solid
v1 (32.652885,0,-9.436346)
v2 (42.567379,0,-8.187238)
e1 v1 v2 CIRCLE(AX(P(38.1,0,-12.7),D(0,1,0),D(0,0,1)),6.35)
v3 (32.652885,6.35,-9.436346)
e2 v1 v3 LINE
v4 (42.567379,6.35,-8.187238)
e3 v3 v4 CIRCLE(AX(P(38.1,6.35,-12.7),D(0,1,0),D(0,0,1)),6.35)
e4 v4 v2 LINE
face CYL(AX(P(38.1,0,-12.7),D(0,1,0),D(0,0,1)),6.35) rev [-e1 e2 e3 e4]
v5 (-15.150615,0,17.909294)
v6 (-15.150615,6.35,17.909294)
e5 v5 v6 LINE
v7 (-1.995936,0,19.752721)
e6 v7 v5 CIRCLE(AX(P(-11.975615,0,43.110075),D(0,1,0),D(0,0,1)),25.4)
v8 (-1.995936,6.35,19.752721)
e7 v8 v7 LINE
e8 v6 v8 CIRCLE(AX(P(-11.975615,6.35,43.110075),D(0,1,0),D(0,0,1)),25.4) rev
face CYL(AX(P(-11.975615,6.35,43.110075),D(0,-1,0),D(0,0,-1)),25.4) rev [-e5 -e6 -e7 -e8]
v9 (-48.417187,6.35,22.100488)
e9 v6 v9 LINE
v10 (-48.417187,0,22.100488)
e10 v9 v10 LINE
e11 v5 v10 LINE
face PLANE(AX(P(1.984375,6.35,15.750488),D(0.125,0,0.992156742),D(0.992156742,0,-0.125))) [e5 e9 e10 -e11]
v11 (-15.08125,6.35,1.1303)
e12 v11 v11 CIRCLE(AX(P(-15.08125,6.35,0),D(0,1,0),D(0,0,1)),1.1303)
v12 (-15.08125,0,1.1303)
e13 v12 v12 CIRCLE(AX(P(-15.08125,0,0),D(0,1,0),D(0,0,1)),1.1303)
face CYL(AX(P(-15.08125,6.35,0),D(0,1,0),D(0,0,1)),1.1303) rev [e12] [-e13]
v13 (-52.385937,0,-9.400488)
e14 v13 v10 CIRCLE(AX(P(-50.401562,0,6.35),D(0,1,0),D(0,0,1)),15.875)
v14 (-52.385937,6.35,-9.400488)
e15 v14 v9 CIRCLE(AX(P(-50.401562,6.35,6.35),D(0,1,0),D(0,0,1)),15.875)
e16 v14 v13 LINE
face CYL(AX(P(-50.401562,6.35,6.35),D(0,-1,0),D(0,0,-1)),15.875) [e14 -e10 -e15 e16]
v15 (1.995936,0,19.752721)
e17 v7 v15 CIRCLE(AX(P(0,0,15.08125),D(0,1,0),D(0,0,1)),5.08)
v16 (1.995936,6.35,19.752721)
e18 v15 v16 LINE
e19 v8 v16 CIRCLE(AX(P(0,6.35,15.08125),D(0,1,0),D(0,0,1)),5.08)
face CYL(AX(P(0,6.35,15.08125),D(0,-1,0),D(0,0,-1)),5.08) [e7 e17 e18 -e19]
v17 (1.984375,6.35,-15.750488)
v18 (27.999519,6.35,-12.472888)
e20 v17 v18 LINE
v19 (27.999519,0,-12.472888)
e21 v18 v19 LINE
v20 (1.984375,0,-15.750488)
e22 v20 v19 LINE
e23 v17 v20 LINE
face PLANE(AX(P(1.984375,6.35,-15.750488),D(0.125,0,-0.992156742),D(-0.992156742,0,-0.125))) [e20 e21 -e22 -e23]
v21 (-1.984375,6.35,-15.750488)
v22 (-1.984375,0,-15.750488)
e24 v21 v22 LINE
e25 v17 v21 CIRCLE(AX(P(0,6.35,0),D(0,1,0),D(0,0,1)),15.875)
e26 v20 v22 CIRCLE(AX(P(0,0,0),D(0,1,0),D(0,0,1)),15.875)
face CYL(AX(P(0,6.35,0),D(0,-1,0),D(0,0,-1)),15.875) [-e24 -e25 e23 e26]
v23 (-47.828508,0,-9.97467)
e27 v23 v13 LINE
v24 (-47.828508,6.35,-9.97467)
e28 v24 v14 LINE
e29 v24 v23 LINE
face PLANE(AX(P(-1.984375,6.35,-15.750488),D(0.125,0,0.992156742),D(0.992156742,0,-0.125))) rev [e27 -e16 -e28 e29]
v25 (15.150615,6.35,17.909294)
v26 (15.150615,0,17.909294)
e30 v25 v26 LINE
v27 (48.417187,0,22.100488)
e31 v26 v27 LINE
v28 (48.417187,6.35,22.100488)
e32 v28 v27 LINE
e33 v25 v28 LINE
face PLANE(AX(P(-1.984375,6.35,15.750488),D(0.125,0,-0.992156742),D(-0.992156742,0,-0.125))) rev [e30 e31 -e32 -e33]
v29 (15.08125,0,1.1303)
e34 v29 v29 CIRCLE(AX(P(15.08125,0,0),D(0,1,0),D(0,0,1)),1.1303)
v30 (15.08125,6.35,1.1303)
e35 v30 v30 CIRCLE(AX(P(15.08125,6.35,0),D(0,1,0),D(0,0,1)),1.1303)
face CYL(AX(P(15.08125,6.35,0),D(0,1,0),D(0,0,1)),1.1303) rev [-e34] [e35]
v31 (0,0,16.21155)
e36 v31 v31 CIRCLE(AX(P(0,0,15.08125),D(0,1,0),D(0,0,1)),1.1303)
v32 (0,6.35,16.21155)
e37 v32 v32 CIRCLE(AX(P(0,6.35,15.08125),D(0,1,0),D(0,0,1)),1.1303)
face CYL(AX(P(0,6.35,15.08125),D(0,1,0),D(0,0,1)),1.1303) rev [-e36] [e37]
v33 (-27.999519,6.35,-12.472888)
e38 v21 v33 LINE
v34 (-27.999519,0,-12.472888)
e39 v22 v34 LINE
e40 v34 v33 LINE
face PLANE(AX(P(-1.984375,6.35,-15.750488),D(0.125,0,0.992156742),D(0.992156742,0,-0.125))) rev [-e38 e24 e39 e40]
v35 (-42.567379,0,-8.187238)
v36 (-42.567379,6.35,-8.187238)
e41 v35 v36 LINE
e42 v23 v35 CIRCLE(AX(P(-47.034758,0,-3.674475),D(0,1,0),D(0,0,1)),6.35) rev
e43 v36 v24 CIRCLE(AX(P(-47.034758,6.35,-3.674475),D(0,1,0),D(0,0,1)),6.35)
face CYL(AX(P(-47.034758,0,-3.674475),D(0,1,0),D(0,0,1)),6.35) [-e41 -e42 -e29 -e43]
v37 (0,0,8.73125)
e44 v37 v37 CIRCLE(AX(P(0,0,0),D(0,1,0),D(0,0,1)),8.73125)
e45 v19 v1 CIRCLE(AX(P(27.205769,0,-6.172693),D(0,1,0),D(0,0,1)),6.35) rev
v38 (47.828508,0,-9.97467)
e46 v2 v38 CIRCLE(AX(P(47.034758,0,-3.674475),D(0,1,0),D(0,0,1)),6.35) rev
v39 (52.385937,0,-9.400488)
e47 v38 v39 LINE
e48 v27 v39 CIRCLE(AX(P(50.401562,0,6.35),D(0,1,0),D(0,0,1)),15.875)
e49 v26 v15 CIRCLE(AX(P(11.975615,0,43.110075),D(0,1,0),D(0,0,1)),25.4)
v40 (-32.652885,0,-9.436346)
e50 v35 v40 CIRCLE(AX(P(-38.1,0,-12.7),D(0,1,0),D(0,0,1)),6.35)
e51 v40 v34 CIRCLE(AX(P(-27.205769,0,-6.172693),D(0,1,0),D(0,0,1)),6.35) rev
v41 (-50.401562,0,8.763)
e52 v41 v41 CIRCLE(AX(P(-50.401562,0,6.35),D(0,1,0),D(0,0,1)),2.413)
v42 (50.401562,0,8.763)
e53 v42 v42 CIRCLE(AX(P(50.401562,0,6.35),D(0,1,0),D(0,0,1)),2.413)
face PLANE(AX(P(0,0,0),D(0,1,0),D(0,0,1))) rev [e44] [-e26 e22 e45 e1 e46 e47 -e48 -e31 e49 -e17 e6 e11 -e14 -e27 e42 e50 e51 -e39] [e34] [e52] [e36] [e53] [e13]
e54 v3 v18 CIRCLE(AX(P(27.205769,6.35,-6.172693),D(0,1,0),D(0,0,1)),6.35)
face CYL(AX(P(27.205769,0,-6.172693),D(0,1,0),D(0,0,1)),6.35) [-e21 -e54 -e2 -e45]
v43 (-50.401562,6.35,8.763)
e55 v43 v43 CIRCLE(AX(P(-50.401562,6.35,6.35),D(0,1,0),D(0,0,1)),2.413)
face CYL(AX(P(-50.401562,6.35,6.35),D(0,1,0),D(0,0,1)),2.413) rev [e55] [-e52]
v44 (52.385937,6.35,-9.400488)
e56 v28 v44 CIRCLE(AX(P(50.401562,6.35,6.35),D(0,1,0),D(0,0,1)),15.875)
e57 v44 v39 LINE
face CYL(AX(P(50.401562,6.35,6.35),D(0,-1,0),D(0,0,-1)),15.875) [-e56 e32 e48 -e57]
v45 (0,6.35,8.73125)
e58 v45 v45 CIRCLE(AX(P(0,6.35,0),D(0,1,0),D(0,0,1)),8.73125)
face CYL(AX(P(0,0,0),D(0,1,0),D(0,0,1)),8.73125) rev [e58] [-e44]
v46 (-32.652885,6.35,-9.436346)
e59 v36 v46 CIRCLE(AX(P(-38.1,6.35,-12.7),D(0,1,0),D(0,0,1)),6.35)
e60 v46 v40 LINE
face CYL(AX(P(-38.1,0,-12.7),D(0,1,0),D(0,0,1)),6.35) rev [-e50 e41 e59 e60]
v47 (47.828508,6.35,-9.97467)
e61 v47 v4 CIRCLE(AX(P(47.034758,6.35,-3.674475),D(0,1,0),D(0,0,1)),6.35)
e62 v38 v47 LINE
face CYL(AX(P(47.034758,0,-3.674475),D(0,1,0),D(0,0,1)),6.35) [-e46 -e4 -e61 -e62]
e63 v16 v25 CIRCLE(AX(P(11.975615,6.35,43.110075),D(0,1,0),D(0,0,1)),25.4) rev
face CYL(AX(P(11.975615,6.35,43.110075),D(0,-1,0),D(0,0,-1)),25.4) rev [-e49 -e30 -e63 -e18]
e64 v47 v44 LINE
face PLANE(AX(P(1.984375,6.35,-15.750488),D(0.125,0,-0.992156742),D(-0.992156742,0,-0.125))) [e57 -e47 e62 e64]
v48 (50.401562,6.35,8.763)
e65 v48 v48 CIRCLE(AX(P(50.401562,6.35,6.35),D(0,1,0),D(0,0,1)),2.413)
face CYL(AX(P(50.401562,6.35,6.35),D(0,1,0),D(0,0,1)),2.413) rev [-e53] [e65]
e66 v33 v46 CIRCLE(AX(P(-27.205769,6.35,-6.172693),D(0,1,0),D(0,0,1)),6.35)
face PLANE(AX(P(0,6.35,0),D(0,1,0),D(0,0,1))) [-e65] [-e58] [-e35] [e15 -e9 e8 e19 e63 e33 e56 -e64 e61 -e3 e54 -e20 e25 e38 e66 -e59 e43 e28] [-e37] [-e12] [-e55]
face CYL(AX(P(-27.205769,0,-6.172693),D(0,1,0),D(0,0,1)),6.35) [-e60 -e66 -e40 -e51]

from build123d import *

# Parameters (mm, degrees)
SKETCH1_R              = 5.08
BOSS_EXTRUDE1_DEPTH    = 6.35
F_10_32_TAPPED_HOLE1_D = 4.826
SKETCH7_R              = 8.73125
CUT_EXTRUDE1_DEPTH     = 7.35
SKETCH8_R              = 6.35
CUT_EXTRUDE2_DEPTH     = 7.35
FILLET1_R              = 25.4
FILLET2_R              = 6.35
F_4_40_TAPPED_HOLE1_D  = 2.2606


with BuildPart() as part:
    # Sketch1 → Boss-Extrude1 (new body)
    with BuildSketch(Plane(origin=(0, 0, 0), x_dir=(1, 0, 0), z_dir=(0, 1, 0))):
        with Locations((0, -15.08125)):
            Circle(SKETCH1_R)
        with BuildLine():
            Line((1.984375, -15.750488274), (-48.417187476, -22.100488274))
            ThreePointArc((-48.417187476, -22.100488274), (-66.152050749, -8.334375), (-52.385937476, 9.400488274))
            Line((-52.385937476, 9.400488274), (-1.984375, 15.750488274))
            ThreePointArc((-1.984375, 15.750488274), (15.750488274, 1.984375), (1.984375, -15.750488274))
        make_face()
        with BuildLine():
            Line((1.984375, 15.750488274), (52.385937476, 9.400488274))
            ThreePointArc((52.385937476, 9.400488274), (66.152050749, -8.334375), (48.417187476, -22.100488274))
            Line((48.417187476, -22.100488274), (-1.984375, -15.750488274))
            ThreePointArc((-1.984375, -15.750488274), (-15.750488274, 1.984375), (1.984375, 15.750488274))
        make_face()
    extrude(amount=BOSS_EXTRUDE1_DEPTH)

    # #10-32 Tapped Hole1 (through all)
    with Locations(Plane(origin=(0, 6.35, 0), x_dir=(1, 0, 0), z_dir=(0, 1, 0))):
        with Locations((-50.401562476, -6.35), (50.401562476, -6.35)):
            Hole(F_10_32_TAPPED_HOLE1_D / 2)

    # Sketch7 → Cut-Extrude1 (cut, through all)
    with BuildSketch(Plane(origin=(0, 6.35, 0), x_dir=(1, 0, 0), z_dir=(0, 1, 0))):
        Circle(SKETCH7_R)
    extrude(amount=-CUT_EXTRUDE1_DEPTH, mode=Mode.SUBTRACT)

    # Sketch8 → Cut-Extrude2 (cut, through all)
    with BuildSketch(Plane(origin=(0, 6.35, 0), x_dir=(1, 0, 0), z_dir=(0, 1, 0))):
        with Locations((-38.1, 12.7)):
            Circle(SKETCH8_R)
        with Locations((38.1, 12.7)):
            Circle(SKETCH8_R)
    extrude(amount=-CUT_EXTRUDE2_DEPTH, mode=Mode.SUBTRACT)

    # Fillet1
    fillet1_edges = [part.edges().sort_by_distance(p)[0] for p in [
        (-4.844257487, 3.175, 16.6108151),
        (4.844257487, 3.175, 16.6108151),
    ]]
    fillet(fillet1_edges, radius=FILLET1_R)

    # Fillet2
    fillet2_edges = [part.edges().sort_by_distance(p)[0] for p in [
        (-31.789208912, 3.175, -11.995432159),
        (-44.038818433, 3.175, -10.452126424),
        (31.789208912, 3.175, -11.995432159),
        (44.038818433, 3.175, -10.452126424),
    ]]
    fillet(fillet2_edges, radius=FILLET2_R)

    # #4-40 Tapped Hole1 (through all)
    with Locations(Plane(origin=(0, 6.35, 0), x_dir=(1, 0, 0), z_dir=(0, 1, 0))):
        with Locations((-15.08125, 0), (15.08125, 0), (0, -15.08125)):
            Hole(F_4_40_TAPPED_HOLE1_D / 2)


solid = part.part
